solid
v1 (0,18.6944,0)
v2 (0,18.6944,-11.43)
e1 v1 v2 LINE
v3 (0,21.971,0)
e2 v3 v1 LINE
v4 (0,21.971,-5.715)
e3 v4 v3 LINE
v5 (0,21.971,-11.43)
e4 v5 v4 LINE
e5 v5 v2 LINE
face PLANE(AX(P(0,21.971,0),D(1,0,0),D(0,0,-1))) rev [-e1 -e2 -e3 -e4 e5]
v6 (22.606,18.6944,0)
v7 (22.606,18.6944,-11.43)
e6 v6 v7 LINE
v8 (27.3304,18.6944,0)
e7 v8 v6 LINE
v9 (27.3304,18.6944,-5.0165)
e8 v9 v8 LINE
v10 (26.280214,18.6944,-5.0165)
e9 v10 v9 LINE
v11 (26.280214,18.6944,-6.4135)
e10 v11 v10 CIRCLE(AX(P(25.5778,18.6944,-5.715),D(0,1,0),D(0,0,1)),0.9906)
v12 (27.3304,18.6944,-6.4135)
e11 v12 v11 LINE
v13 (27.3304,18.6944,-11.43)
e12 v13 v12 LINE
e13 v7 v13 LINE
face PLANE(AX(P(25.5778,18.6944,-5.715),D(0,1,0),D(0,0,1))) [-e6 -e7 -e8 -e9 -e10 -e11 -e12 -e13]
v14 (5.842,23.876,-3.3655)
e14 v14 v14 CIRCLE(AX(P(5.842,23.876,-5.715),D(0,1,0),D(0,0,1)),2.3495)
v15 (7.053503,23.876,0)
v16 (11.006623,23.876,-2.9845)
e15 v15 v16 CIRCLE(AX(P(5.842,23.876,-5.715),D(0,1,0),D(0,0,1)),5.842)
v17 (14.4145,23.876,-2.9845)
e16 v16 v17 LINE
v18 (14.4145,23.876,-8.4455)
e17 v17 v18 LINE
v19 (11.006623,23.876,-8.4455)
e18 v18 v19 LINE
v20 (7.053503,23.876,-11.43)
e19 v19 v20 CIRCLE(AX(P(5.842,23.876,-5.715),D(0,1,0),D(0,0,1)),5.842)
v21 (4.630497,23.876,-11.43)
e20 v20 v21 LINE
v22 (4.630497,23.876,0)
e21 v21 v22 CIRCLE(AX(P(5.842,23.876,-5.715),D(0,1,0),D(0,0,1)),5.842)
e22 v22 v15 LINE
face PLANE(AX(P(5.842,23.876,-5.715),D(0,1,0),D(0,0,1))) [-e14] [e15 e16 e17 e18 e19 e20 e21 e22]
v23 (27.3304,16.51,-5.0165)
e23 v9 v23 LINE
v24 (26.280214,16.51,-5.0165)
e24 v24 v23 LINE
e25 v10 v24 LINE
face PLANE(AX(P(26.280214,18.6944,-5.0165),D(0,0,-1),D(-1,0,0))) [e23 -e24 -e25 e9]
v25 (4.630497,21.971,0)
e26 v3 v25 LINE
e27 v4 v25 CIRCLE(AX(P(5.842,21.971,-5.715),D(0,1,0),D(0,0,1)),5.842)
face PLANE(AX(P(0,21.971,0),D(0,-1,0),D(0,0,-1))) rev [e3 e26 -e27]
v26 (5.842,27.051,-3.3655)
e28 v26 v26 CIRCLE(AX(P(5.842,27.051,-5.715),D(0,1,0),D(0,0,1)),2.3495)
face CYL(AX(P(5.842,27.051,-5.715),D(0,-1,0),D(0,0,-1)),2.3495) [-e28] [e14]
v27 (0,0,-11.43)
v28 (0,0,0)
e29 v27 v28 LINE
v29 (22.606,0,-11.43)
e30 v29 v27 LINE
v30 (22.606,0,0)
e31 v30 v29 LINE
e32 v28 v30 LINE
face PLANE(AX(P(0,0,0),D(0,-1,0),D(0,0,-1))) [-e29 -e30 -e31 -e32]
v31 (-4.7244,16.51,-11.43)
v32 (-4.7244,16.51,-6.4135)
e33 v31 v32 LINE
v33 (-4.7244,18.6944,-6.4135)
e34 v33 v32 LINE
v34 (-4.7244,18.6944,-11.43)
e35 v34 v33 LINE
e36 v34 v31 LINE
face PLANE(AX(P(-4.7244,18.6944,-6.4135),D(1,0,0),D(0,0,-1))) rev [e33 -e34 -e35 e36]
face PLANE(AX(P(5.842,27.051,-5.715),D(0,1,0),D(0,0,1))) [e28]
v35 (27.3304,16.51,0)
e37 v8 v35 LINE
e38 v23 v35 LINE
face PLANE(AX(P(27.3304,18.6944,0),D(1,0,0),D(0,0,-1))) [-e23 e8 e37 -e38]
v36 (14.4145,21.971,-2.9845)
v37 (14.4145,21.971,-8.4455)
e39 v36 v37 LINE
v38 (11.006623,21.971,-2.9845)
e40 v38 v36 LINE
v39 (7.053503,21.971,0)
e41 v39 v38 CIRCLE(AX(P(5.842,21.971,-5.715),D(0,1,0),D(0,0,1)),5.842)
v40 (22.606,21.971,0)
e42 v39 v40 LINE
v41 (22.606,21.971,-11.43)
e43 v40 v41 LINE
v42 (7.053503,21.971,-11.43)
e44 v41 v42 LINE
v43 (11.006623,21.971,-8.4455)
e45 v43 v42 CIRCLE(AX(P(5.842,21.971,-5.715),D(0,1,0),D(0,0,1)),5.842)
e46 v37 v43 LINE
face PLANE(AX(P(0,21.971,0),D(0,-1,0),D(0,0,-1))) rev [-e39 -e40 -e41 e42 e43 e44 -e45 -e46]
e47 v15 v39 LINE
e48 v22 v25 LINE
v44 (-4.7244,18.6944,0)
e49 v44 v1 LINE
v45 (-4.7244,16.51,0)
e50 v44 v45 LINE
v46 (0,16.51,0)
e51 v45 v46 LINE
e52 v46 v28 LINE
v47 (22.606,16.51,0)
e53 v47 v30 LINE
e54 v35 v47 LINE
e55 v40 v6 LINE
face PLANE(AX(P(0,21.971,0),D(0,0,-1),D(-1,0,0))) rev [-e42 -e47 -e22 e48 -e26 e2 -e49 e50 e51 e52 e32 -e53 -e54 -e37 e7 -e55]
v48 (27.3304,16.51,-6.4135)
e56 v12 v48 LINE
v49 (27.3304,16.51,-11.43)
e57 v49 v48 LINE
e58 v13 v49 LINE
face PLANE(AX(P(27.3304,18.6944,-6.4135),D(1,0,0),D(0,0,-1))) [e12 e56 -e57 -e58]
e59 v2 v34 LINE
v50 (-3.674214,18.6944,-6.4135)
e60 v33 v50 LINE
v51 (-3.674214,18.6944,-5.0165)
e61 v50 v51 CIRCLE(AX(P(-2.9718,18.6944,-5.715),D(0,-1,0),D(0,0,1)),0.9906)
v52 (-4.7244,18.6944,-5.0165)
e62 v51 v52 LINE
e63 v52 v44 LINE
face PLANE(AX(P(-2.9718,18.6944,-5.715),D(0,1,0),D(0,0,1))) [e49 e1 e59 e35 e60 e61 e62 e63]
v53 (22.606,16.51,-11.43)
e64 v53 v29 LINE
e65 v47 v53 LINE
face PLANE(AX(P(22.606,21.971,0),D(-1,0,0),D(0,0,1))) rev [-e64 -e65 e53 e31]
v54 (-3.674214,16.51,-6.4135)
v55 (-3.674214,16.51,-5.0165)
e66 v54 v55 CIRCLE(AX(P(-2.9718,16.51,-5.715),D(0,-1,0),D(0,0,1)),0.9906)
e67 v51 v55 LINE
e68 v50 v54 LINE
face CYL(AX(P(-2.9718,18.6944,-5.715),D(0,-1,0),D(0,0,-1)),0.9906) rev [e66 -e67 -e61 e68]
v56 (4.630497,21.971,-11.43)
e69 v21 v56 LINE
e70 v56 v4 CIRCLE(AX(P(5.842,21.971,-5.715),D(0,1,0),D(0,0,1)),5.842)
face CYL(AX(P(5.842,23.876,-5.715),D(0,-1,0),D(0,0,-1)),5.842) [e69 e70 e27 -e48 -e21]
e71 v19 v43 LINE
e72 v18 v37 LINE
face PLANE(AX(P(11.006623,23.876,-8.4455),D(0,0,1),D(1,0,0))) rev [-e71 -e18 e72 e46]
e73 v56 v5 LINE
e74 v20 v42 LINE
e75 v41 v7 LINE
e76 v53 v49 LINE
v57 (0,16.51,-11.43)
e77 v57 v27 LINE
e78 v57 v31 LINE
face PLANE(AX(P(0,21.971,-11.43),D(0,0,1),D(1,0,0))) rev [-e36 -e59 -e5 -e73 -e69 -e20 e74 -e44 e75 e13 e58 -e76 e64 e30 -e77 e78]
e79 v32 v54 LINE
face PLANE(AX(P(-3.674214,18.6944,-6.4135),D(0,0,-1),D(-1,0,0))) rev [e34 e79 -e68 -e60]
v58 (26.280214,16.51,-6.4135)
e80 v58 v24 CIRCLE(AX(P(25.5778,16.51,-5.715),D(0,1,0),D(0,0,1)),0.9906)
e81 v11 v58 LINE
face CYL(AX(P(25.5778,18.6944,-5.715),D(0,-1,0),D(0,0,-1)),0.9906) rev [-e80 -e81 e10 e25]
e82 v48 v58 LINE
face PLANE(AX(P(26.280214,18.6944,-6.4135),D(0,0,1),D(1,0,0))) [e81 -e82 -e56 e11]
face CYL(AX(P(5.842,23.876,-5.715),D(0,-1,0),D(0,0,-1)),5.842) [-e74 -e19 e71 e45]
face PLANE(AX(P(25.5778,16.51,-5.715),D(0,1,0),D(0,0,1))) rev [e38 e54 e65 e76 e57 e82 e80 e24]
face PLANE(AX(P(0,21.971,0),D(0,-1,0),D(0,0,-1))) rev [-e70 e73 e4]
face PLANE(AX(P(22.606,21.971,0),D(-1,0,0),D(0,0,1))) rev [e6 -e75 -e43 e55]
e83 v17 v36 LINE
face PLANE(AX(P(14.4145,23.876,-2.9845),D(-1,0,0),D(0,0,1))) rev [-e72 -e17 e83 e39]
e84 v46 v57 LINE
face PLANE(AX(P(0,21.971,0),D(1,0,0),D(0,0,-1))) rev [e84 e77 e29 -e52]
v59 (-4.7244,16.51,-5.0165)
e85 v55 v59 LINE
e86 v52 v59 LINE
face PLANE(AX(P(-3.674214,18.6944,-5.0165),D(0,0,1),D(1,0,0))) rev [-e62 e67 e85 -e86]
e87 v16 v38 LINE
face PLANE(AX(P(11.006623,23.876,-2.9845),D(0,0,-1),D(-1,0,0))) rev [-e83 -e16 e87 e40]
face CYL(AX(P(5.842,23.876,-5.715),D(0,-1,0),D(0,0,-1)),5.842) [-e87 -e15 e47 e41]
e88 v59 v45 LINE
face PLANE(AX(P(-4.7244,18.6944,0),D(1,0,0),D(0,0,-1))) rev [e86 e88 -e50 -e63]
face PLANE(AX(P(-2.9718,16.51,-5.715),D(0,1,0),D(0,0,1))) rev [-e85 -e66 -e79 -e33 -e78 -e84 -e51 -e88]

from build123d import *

# Parameters (mm, degrees)
SKETCH1_W           = 22.606
SKETCH1_H           = 11.43
BOSS_EXTRUDE1_DEPTH = 21.971
BOSS_EXTRUDE2_DEPTH = 2.1844
BOSS_EXTRUDE3_DEPTH = 1.905
SKETCH5_R           = 2.3495
BOSS_EXTRUDE4_DEPTH = 3.175


with BuildPart() as part:
    # Sketch1 → Boss-Extrude1 (new body)
    with BuildSketch(Plane(origin=(0, 0, 0), x_dir=(1, 0, 0), z_dir=(0, 1, 0))):
        with Locations((11.303, 5.715)):
            Rectangle(SKETCH1_W, SKETCH1_H)
    extrude(amount=BOSS_EXTRUDE1_DEPTH)

    # Sketch3 → Boss-Extrude2 (add)
    with BuildSketch(Plane(origin=(0, 16.51, 0), x_dir=(1, 0, 0), z_dir=(0, 1, 0))):
        with BuildLine():
            Line((0, 0), (-4.7244, 0))
            Line((-4.7244, 0), (-4.7244, 5.0165))
            Line((-4.7244, 5.0165), (-3.674214486, 5.0165))
            ThreePointArc((-3.674214486, 5.0165), (-1.9812, 5.715), (-3.674214486, 6.4135))
            Line((-3.674214486, 6.4135), (-4.7244, 6.4135))
            Line((-4.7244, 6.4135), (-4.7244, 11.43))
            Line((-4.7244, 11.43), (0, 11.43))
            Line((0, 11.43), (0, 0))
        make_face()
    boss_extrude2 = extrude(amount=BOSS_EXTRUDE2_DEPTH)

    # Sketch4 → Boss-Extrude3 (add)
    with BuildSketch(Plane(origin=(0, 21.971, 0), x_dir=(1, 0, 0), z_dir=(0, 1, 0))):
        with BuildLine():
            Line((4.630497214, 11.43), (7.053502786, 11.43))
            ThreePointArc((7.053502786, 11.43), (9.362022159, 10.377446568), (11.006623292, 8.4455))
            Line((11.006623292, 8.4455), (14.4145, 8.4455))
            Line((14.4145, 8.4455), (14.4145, 2.9845))
            Line((14.4145, 2.9845), (11.006623292, 2.9845))
            ThreePointArc((11.006623292, 2.9845), (9.362022159, 1.052553432), (7.053502786, 0))
            Line((7.053502786, 0), (4.630497214, 0))
            ThreePointArc((4.630497214, 0), (0, 5.715), (4.630497214, 11.43))
        make_face()
    extrude(amount=BOSS_EXTRUDE3_DEPTH)

    # Sketch5 → Boss-Extrude4 (add)
    with BuildSketch(Plane(origin=(0, 23.876, 0), x_dir=(1, 0, 0), z_dir=(0, 1, 0))):
        with Locations(Location((5.842, 5.715, 0), (0, 0, 270))):
            Circle(SKETCH5_R)
    extrude(amount=BOSS_EXTRUDE4_DEPTH)

    # Mirror1: Boss-Extrude2 across plane
    add(boss_extrude2.mirror(Plane(origin=(11.303, 0, 0), x_dir=(0, 0, 1), z_dir=(1, 0, 0))))


solid = part.part
